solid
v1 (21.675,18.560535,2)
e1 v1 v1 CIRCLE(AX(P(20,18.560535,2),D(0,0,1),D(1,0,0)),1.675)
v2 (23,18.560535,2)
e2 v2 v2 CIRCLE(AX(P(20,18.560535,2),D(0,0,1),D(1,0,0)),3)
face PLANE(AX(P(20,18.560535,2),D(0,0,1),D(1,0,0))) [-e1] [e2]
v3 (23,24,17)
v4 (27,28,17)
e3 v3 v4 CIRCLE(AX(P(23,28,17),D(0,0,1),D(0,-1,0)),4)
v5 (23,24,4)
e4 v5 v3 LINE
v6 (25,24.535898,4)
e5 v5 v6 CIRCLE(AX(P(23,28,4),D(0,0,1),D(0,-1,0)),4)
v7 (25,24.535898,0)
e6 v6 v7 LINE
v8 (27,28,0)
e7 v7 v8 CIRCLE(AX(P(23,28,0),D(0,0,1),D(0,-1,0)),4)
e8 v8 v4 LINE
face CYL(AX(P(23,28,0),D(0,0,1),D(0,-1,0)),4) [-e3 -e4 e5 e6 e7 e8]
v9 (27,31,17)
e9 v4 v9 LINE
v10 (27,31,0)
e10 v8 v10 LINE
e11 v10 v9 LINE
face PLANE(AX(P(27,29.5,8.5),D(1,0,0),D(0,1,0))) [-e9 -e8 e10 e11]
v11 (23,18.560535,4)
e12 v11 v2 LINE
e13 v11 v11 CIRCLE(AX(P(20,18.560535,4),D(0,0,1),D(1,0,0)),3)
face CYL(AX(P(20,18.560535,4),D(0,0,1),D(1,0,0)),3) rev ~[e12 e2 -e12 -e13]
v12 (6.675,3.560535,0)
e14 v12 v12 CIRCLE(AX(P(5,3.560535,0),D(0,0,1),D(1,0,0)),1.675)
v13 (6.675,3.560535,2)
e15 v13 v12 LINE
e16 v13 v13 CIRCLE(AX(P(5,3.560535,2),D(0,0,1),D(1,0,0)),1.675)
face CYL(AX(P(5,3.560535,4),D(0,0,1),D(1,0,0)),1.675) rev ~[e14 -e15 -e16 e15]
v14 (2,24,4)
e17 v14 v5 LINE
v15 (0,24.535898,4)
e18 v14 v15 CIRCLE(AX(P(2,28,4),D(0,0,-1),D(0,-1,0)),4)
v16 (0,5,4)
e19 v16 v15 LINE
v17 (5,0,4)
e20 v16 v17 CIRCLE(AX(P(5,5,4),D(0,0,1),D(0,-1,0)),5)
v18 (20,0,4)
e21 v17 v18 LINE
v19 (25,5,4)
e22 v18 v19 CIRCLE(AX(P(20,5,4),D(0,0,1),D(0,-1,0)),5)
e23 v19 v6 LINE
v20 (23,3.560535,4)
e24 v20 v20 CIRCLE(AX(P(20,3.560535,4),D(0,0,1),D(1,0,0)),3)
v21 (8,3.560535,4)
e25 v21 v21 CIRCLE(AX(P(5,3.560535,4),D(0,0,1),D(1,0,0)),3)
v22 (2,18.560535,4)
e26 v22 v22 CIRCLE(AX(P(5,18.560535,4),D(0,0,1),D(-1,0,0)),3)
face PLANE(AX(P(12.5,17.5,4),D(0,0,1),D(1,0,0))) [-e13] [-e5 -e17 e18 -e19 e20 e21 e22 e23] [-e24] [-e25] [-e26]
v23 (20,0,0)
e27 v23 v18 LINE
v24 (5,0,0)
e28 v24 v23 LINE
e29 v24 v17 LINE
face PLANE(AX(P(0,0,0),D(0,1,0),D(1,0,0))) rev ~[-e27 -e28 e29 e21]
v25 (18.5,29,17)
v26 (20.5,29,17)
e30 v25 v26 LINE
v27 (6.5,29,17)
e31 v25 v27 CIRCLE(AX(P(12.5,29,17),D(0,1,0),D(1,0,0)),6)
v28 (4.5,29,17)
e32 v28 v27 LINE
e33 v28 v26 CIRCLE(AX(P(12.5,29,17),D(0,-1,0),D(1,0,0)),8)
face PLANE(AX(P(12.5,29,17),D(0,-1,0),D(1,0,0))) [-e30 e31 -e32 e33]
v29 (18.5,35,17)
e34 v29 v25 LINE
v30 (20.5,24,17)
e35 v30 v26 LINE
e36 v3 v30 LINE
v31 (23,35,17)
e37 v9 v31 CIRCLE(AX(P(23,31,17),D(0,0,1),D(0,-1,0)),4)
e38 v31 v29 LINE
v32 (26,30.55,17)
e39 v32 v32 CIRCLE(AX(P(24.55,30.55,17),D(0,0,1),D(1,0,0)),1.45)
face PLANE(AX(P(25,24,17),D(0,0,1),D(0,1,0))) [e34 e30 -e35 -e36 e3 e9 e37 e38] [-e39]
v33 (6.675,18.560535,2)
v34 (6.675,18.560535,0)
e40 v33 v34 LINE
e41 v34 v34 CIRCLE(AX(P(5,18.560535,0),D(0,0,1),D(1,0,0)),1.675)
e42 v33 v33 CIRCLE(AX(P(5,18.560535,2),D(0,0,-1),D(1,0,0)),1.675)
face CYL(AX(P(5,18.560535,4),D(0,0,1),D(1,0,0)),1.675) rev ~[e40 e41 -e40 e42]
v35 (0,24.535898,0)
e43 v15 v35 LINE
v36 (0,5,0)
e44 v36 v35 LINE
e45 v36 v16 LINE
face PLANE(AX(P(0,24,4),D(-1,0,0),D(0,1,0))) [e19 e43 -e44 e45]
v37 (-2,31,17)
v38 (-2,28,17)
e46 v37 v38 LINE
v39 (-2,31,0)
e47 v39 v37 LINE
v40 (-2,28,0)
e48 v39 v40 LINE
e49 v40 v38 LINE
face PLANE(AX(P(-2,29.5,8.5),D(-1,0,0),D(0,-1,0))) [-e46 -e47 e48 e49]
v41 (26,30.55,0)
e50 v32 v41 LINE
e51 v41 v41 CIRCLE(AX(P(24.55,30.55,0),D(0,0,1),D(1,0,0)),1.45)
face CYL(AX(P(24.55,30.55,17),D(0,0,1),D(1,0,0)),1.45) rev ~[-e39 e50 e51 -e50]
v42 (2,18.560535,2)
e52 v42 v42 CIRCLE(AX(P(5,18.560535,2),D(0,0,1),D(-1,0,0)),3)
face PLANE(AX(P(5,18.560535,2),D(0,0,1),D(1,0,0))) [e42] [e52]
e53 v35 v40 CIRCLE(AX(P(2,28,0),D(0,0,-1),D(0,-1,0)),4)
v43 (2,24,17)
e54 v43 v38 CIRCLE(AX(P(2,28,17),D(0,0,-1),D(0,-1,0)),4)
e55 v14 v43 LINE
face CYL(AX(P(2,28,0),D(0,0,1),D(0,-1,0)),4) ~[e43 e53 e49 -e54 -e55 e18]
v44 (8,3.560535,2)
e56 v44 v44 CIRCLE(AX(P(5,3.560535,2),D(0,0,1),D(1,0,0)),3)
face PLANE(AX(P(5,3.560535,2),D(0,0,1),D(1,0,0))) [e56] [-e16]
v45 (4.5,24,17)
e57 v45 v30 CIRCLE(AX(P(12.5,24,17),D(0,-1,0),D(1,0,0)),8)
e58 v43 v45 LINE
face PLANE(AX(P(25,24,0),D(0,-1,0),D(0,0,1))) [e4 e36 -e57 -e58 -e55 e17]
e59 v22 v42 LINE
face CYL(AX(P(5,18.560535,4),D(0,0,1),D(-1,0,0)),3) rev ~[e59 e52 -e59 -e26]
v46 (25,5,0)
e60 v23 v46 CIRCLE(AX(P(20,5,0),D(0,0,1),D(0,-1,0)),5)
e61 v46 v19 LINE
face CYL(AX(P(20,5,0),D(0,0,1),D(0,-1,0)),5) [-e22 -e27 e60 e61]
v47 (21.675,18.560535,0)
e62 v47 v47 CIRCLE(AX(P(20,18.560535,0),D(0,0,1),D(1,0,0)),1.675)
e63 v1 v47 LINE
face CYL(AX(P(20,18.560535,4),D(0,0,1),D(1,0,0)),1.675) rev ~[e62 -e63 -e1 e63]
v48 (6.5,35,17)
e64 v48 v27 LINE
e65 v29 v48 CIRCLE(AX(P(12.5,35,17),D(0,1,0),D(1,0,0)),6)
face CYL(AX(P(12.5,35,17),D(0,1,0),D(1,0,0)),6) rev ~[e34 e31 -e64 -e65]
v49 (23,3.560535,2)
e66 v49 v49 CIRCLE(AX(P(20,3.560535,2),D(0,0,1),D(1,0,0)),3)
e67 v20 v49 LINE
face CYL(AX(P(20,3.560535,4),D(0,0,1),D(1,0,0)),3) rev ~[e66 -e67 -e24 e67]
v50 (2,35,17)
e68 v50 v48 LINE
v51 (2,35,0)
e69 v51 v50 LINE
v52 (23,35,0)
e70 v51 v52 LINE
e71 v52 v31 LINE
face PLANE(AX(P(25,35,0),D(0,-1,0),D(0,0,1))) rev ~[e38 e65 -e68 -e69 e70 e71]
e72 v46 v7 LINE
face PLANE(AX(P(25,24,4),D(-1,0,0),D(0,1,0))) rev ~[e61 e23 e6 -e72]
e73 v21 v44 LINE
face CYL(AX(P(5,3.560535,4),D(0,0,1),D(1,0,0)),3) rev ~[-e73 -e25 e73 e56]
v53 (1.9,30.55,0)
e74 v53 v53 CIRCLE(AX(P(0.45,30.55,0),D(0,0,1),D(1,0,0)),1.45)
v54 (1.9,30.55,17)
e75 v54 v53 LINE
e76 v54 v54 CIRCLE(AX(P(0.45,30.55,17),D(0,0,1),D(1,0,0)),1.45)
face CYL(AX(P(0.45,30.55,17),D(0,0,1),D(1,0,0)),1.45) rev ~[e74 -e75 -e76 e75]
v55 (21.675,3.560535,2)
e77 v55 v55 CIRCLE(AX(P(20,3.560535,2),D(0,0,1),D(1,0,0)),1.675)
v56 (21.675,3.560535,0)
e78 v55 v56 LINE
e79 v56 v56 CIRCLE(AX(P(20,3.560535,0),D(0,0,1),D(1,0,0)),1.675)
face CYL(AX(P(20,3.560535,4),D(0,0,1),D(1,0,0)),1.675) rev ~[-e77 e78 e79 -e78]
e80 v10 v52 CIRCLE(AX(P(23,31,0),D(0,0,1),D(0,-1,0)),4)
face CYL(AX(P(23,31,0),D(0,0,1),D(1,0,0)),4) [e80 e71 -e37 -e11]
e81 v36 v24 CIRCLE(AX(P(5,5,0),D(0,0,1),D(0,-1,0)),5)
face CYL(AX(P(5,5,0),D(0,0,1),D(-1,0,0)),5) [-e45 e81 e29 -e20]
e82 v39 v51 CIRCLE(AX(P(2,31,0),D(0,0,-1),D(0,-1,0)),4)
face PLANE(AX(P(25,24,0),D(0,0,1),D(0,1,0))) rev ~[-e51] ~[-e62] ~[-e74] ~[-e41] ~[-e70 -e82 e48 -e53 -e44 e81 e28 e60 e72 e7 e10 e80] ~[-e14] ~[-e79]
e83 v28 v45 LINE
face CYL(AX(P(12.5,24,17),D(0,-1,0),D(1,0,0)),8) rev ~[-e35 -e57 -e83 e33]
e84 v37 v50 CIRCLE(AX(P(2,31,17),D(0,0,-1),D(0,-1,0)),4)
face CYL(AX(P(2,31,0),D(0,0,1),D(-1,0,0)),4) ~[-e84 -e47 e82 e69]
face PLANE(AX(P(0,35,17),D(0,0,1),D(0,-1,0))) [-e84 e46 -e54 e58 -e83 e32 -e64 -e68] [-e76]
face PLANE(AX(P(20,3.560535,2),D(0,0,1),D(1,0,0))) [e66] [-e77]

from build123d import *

# Parameters (mm, degrees)
F0_W      = 25
F0_H      = 35
F1_DEPTH  = 4
F2_R      = 1.675
F3_DEPTH  = 25
F4_W      = 25
F4_H      = 11
F5_DEPTH  = 13
F7_DEPTH  = 6
F8_R      = 8
F9_DEPTH  = 5
F2_R_2    = 3
F10_DEPTH = 2
F11_R     = 5
F12_W     = 11
F12_H     = 17
F13_DEPTH = 2
F14_W     = 11
F14_H     = 17
F15_DEPTH = 2
F16_R     = 1.45
F17_DEPTH = 25
F18_R     = 4


with BuildPart() as f1:
    # F0 (on Top) → F1 (new body)
    with BuildSketch(Plane.XY):
        with Locations((12.5, 17.5)):
            Rectangle(F0_W, F0_H)
    extrude(amount=F1_DEPTH)

    # F2 (on face) → F3 (cut)
    with BuildSketch(Plane.XY.offset(4)):
        with BuildLine():
            ThreePointArc((3.325, 18.5605346784), (5, 16.8855346784), (6.675, 18.5605346784))
            ThreePointArc((6.675, 18.5605346784), (5, 20.2355346784), (3.325, 18.5605346784))
        make_face()
        with Locations((20, 18.5605346784)):
            Circle(F2_R)
        with Locations((20, 3.5605346784)):
            Circle(F2_R)
        with Locations((5, 3.5605346784)):
            Circle(F2_R)
    extrude(amount=-F3_DEPTH, mode=Mode.SUBTRACT)

    # F4 (on face) → F5 (join)
    with BuildSketch(Plane.XY.offset(4)):
        with Locations((12.5, 29.5)):
            Rectangle(F4_W, F4_H)
    extrude(amount=F5_DEPTH)

    # F6 (on face) → F7 (cut)
    with BuildSketch(Plane(origin=(0, 35, 0), x_dir=(-1, 0, 0), z_dir=(0, 1, 0))):
        with BuildLine():
            ThreePointArc((-18.5, 17), (-12.5, 11), (-6.5, 17))
            Line((-6.5, 17), (-18.5, 17))
        make_face()
    extrude(amount=-F7_DEPTH, mode=Mode.SUBTRACT)

    # F8 (on face) → F9 (cut)
    with BuildSketch(Plane.XZ.offset(-24)):
        with Locations((12.5, 17)):
            Circle(F8_R)
    extrude(amount=-F9_DEPTH, mode=Mode.SUBTRACT)

    # F2 (on face) → F10 (cut)
    with BuildSketch(Plane.XY.offset(4)):
        with BuildLine():
            ThreePointArc((8, 18.5605346784), (5, 21.5605346784), (2, 18.5605346784))
            ThreePointArc((2, 18.5605346784), (5, 15.5605346784), (8, 18.5605346784))
        make_face()
        with BuildLine():
            ThreePointArc((3.325, 18.5605346784), (5, 20.2355346784), (6.675, 18.5605346784))
            ThreePointArc((6.675, 18.5605346784), (5, 16.8855346784), (3.325, 18.5605346784))
        make_face(mode=Mode.SUBTRACT)
        with Locations((20, 18.5605346784)):
            Circle(F2_R_2)
        with Locations((20, 18.5605346784)):
            Circle(F2_R, mode=Mode.SUBTRACT)
        with Locations((20, 3.5605346784)):
            Circle(F2_R_2)
        with Locations((20, 3.5605346784)):
            Circle(F2_R, mode=Mode.SUBTRACT)
        with Locations((5, 3.5605346784)):
            Circle(F2_R_2)
        with Locations((5, 3.5605346784)):
            Circle(F2_R, mode=Mode.SUBTRACT)
    extrude(amount=-F10_DEPTH, mode=Mode.SUBTRACT)

    # F11
    f11_edges = [f1.edges().sort_by_distance(p)[0] for p in [
        (0, 0, 2),
        (25, 0, 2),
    ]]
    fillet(f11_edges, radius=F11_R)

    # F12 (on face) → F13 (join)
    with BuildSketch(Plane(origin=(0, 0, 0), x_dir=(0, -1, 0), z_dir=(-1, 0, 0))):
        with Locations((-29.5, 8.5)):
            Rectangle(F12_W, F12_H)
    extrude(amount=F13_DEPTH)

    # F14 (on face) → F15 (join)
    with BuildSketch(Plane.YZ.offset(25)):
        with Locations((29.5, 8.5)):
            Rectangle(F14_W, F14_H)
    extrude(amount=F15_DEPTH)

    # F16 (on face) → F17 (cut)
    with BuildSketch(Plane.XY.offset(17)):
        with Locations((0.45, 30.55)):
            Circle(F16_R)
        with Locations((24.55, 30.55)):
            Circle(F16_R)
    extrude(amount=-F17_DEPTH, mode=Mode.SUBTRACT)

    # F18
    f18_edges = [f1.edges().sort_by_distance(p)[0] for p in [
        (-2, 24, 8.5),
        (-2, 35, 8.5),
        (27, 35, 8.5),
        (27, 24, 8.5),
    ]]
    fillet(f18_edges, radius=F18_R)


solid = f1.part
